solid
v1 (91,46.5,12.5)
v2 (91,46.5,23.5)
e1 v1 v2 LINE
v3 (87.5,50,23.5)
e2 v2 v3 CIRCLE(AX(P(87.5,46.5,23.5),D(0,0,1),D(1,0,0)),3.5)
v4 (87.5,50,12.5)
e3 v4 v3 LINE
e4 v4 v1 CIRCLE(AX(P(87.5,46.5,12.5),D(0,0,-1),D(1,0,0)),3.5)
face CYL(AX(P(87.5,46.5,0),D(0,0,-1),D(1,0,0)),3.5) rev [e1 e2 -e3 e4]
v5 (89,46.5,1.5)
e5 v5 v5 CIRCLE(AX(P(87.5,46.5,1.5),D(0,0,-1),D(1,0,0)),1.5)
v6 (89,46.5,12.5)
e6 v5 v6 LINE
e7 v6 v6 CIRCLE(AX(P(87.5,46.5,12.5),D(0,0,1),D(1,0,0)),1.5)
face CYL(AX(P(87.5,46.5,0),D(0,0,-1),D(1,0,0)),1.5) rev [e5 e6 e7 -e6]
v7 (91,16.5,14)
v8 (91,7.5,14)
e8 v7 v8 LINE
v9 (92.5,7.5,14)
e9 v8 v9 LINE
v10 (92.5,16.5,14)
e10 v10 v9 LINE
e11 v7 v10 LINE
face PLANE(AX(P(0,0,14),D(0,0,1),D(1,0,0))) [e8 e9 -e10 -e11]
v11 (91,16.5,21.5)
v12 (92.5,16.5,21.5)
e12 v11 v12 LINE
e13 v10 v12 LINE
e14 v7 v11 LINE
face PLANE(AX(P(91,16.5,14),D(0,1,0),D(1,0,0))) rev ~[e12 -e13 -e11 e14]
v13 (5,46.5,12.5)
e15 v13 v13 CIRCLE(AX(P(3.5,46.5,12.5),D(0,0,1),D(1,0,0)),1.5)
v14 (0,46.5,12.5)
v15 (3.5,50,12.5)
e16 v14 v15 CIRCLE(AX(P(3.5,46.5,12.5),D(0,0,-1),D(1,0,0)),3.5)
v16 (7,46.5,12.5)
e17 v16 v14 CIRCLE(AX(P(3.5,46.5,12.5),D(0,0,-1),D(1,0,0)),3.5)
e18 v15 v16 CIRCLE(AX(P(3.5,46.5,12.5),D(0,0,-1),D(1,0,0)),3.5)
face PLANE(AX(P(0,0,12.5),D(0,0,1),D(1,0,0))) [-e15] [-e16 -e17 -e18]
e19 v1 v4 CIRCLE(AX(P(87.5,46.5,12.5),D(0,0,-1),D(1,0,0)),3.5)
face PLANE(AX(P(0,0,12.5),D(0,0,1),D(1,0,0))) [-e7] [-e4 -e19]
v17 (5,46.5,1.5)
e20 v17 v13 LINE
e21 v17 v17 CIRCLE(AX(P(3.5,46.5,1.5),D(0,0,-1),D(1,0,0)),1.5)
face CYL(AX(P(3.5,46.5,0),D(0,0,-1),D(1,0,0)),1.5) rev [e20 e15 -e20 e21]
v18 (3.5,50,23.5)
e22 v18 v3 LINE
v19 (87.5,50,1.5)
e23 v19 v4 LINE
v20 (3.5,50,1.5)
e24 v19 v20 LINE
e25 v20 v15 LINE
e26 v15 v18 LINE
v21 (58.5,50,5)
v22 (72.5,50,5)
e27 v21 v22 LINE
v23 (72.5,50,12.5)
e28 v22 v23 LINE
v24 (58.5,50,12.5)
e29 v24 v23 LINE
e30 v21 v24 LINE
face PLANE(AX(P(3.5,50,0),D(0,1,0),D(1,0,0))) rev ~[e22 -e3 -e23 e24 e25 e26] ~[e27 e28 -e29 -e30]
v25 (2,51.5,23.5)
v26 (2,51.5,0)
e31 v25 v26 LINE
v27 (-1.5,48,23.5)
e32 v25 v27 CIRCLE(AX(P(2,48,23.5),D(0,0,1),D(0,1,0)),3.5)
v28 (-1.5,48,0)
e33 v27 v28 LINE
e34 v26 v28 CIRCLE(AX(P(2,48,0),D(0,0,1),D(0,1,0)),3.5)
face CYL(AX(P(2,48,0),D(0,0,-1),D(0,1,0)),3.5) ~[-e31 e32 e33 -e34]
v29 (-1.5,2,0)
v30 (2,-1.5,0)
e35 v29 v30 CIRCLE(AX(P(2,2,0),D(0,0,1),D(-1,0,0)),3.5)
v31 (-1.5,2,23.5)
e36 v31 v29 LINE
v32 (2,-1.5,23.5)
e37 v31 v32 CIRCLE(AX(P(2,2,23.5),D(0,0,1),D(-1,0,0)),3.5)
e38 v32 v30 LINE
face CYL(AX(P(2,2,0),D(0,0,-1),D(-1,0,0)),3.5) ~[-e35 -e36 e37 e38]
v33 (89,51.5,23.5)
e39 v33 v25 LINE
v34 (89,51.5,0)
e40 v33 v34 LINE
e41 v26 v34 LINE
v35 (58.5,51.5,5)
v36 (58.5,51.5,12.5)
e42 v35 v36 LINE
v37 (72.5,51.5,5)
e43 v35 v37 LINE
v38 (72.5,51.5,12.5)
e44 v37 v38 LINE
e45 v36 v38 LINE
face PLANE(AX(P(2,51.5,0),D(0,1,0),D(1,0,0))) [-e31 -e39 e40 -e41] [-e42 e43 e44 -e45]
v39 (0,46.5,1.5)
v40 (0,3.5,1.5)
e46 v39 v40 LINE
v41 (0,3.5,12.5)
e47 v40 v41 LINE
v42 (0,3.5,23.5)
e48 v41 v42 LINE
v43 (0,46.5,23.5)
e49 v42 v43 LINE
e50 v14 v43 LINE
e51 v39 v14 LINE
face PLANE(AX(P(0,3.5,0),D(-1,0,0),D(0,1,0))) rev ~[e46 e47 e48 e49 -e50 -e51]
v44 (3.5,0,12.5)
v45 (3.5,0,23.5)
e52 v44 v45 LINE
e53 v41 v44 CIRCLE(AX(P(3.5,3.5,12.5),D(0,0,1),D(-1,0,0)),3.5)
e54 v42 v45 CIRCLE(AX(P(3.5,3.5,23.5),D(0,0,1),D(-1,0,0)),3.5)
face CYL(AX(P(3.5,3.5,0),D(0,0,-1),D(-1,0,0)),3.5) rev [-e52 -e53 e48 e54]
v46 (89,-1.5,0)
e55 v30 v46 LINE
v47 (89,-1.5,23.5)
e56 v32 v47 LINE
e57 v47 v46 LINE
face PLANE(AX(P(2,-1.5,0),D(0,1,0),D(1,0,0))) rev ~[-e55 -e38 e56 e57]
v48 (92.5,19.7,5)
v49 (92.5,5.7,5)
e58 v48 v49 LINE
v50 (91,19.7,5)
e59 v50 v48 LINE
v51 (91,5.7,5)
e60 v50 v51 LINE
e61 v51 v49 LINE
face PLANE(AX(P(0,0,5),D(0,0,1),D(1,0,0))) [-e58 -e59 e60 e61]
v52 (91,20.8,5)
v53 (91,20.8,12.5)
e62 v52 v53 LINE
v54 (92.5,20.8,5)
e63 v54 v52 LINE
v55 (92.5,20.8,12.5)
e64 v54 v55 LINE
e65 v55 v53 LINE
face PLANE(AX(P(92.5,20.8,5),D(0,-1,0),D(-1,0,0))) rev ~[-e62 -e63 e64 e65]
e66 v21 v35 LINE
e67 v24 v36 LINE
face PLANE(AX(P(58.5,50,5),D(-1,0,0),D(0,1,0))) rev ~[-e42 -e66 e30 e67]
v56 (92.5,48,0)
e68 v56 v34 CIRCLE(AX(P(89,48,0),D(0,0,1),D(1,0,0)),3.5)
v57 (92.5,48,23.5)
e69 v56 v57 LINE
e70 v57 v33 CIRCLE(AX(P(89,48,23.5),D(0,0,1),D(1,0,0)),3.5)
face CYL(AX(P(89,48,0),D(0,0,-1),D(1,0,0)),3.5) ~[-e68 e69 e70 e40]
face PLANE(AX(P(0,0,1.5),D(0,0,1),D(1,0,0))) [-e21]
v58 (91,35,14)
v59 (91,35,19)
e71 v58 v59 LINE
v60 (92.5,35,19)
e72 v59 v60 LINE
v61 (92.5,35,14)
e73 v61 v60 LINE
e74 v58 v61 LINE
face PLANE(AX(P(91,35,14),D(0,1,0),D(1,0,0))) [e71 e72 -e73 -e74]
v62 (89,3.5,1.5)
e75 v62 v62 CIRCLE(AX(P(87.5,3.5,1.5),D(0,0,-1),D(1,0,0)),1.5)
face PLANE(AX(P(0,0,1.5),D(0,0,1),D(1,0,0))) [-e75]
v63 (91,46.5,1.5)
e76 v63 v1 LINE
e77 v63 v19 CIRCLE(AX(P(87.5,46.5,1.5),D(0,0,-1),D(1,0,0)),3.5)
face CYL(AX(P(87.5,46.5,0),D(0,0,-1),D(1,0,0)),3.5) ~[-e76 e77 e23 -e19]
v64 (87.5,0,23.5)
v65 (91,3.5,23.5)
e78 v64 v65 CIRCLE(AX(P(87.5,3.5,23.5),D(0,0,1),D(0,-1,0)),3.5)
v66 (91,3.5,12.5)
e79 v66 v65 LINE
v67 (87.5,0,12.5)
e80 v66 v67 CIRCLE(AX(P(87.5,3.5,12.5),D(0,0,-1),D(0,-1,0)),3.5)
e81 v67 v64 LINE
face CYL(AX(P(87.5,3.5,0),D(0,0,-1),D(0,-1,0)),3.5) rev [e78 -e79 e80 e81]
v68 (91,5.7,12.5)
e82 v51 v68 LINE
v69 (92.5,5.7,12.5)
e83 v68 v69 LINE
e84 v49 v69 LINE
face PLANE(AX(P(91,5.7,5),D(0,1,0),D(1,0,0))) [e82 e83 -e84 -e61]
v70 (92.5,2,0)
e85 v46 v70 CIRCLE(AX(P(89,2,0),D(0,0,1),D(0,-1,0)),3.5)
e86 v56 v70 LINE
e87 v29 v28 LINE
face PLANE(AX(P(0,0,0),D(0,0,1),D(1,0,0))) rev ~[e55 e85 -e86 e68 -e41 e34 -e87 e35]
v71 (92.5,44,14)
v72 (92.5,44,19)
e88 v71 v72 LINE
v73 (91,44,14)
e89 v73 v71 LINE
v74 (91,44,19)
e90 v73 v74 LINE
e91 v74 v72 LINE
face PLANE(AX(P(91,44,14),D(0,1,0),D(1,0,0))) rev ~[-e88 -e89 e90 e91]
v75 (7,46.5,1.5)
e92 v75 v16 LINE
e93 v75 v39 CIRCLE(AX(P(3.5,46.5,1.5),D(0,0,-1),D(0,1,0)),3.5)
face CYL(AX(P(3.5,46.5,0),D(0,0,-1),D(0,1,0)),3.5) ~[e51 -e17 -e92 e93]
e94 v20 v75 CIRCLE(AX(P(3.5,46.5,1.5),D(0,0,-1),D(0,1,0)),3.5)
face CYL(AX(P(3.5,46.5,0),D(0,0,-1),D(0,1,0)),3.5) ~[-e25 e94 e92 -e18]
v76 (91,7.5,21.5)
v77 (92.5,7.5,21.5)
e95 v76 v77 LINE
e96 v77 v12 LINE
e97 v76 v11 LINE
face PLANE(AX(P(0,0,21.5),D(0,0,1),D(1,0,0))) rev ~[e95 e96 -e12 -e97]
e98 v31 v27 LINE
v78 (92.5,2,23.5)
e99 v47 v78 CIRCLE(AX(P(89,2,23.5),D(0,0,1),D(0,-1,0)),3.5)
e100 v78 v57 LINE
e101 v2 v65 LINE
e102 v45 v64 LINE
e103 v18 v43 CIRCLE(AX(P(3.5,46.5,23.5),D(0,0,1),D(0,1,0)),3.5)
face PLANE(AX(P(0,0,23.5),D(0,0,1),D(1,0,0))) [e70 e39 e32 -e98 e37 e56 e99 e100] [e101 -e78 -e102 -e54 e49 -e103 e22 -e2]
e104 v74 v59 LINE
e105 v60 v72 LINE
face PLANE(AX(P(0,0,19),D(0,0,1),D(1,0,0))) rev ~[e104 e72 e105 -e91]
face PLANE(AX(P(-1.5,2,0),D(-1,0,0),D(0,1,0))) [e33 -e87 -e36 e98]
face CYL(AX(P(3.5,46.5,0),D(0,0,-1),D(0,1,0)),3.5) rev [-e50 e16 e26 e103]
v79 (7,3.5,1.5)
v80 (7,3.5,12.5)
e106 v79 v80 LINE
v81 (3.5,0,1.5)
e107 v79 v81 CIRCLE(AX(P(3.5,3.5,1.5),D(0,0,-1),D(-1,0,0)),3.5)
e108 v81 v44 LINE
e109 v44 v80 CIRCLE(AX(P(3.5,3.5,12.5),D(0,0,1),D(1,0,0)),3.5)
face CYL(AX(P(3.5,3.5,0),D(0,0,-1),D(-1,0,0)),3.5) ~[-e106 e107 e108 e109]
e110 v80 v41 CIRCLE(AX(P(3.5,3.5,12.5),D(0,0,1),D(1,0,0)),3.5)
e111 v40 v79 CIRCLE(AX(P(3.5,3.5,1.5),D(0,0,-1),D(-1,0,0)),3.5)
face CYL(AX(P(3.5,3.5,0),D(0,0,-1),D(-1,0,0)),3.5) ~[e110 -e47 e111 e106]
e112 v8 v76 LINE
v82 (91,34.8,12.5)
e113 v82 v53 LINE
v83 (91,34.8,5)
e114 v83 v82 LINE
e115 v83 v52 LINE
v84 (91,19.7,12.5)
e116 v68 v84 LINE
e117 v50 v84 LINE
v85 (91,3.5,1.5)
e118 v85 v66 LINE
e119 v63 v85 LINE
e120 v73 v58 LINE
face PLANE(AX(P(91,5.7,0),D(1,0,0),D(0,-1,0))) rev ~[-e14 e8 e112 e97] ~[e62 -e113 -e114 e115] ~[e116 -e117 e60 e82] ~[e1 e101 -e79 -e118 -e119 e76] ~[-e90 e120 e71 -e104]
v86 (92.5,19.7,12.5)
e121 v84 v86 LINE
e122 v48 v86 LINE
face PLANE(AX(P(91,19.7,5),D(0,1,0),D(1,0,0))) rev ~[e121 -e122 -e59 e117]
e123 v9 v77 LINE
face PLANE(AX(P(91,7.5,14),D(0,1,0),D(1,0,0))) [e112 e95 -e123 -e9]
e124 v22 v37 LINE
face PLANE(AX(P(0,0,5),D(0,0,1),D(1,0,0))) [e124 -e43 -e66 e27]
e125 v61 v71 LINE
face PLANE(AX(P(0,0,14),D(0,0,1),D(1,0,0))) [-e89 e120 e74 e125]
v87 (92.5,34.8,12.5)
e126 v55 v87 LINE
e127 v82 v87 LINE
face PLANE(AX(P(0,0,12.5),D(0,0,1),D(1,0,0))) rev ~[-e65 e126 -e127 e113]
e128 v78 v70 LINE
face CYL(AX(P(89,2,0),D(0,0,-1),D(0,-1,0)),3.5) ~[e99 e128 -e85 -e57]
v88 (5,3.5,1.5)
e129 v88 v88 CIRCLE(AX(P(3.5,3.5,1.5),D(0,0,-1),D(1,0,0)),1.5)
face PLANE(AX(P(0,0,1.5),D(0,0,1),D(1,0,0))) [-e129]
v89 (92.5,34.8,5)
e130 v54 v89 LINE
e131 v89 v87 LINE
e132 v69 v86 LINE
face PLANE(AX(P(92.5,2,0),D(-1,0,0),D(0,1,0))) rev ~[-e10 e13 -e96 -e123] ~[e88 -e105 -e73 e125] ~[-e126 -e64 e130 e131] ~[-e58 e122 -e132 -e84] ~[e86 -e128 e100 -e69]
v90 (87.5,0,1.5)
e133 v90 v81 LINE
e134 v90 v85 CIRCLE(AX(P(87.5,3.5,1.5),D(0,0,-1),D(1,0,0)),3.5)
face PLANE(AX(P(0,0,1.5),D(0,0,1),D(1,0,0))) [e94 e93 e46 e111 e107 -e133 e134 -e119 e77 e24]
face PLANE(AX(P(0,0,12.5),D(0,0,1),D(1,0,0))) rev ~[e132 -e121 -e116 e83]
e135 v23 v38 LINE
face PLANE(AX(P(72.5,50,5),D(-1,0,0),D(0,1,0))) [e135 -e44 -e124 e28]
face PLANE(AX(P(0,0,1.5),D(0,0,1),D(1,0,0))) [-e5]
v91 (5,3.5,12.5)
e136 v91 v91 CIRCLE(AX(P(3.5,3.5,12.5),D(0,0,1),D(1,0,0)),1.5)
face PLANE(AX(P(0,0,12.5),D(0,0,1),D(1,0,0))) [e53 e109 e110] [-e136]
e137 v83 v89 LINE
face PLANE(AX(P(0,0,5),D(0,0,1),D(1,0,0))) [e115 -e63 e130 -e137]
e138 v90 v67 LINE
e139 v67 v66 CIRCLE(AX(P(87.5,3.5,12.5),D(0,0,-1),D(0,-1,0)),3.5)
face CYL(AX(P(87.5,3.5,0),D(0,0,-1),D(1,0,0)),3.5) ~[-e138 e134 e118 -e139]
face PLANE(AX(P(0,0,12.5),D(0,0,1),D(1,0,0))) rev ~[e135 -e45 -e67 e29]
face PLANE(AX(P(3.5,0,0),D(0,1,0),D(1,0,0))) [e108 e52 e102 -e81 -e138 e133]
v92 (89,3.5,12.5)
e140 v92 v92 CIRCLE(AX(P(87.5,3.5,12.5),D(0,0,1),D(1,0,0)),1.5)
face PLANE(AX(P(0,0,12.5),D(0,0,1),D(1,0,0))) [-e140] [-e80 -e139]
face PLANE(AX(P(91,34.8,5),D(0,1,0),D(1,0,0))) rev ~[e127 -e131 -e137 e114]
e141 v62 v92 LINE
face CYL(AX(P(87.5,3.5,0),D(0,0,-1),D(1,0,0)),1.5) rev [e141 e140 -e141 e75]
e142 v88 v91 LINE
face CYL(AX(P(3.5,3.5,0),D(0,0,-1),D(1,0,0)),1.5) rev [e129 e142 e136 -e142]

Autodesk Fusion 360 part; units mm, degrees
sketch "Sketch1" plane through (0, 0, 0) normal (0, 0, 1) x (1, 0, 0)
  line L0 (3.5, 0) -> (87.5, 0)
  line L1 (0, 3.5) -> (0, 46.5)
  line L2 (3.5, 50) -> (87.5, 50)
  line L3 (91, 46.5) -> (91, 3.5)
  line L4 (3.5, 0) -> (3.5, 50) construction
  line L5 (0, 3.5) -> (91, 3.5) construction
  circle A0 centre (3.5, 3.5) radius 1.5
  line L6 (87.5, 0) -> (87.5, 50) construction
  line L7 (0, 46.5) -> (91, 46.5) construction
  circle A1 centre (87.5, 3.5) radius 1.5
  circle A2 centre (87.5, 46.5) radius 1.5
  circle A3 centre (3.5, 46.5) radius 1.5
  arc A4 (3.5, 50) -> (0, 46.5) centre (3.5, 46.5) ccw
  arc A5 (91, 46.5) -> (87.5, 50) centre (87.5, 46.5) ccw
  arc A6 (0, 3.5) -> (3.5, 0) centre (3.5, 3.5) ccw
  arc A7 (87.5, 0) -> (91, 3.5) centre (87.5, 3.5) ccw
  circle A8 centre (3.5, 46.5) radius 3.5
  circle A9 centre (3.5, 3.5) radius 3.5
  circle A10 centre (87.5, 3.5) radius 3.5
  circle A11 centre (87.5, 46.5) radius 3.5
  line L8 (2, 51.5) -> (89, 51.5)
  line L9 (2, -1.5) -> (89, -1.5)
  line L10 (92.5, 2) -> (92.5, 48)
  line L11 (-1.5, 2) -> (-1.5, 48)
  arc A12 (92.5, 48) -> (89, 51.5) centre (89, 48) ccw
  arc A13 (2, 51.5) -> (-1.5, 48) centre (2, 48) ccw
  arc A14 (89, -1.5) -> (92.5, 2) centre (89, 2) ccw
  arc A15 (-1.5, 2) -> (2, -1.5) centre (2, 2) ccw
  line L12 (91, 7.5) -> (92.5, 7.5)
  line L13 (91, 16.5) -> (92.5, 16.5)
  line L14 (91, 44) -> (92.5, 44)
  line L15 (91, 35) -> (92.5, 35)
  line L16 (91, 12.7) -> (92.5, 12.7)
  line L17 (91, 19.7) -> (92.5, 19.7)
  line L18 (91, 5.7) -> (92.5, 5.7)
  line L19 (91, 34.8) -> (92.5, 34.8)
  line L20 (58.5, 50) -> (58.5, 51.5)
  line L21 (72.5, 50) -> (72.5, 51.5)
  line L22 (94, 20.8) -> (91, 20.8)
  point P0 (91, 0)
  point P1 (0, 50)
  point P2 (91, 50)
  dimension "d1" = 91
  dimension "d2" = 50
  dimension "d3" = 91
  dimension "d4" = 3.5
  dimension "d5" = 3.5
  dimension "d6" = 3
  dimension "d7" = 3.5
  dimension "d8" = 3.5
  dimension "d9" = 3
  dimension "d10" = 3
  dimension "d11" = 3
  dimension "d12" = 3.5
  dimension "d13" = 3.5
  dimension "d14" = 3.5
  dimension "d15" = 3.5
  dimension "d16" = 7
  dimension "d17" = 7
  dimension "d18" = 7
  dimension "d19" = 7
  dimension "d20" = 1.5
  dimension "d21" = 1.5
  dimension "d22" = 1.5
  dimension "d23" = 1.5
  dimension "d24" = 3.5
  dimension "d25" = 3.5
  dimension "d26" = 3.5
  dimension "d27" = 3.5
  dimension "d28" = 7.5
  dimension "d29" = 9
  dimension "d30" = 6
  dimension "d31" = 9
  dimension "d32" = 12.7
  dimension "d34" = 7
  dimension "d35" = 7
extrude "Extrude1" add sketch "Sketch1" along normal blind 1.5 contours L0 L1 L2 L3 A8 A9 A10 A11 | L0 L1 L2 L3 A4 A6 A7 A8 A9 A10 L8 L9 L10 L11 A13 A14 A15 L18 L20 | A6 A9 | A7 A10 | A4 A8 | L3 L10 L12 L18 | L3 L10 L12 L16 | L2 L8 L20 L21 | L3 L10 L13 L16 | L2 L3 A5 A11 L8 L10 A12 L14 L21 | L3 L10 L13 L17 | A5 A11 | L3 L10 L17 L22 | L3 L10 L19 L22 | L3 L10 L14 L15 | A0 | A1 | A2 | A3
extrude "Extrude2" add sketch "Sketch1" along normal blind 12.5 contours A6 A9 | A7 A10 | A4 A8 | A5 A11
extrude "Extrude3" add sketch "Sketch1" along normal blind 23.5 contours L0 L1 L2 L3 A4 A6 A7 A8 A9 A10 L8 L9 L10 L11 A13 A14 A15 L18 L20 | L3 L10 L12 L18 | L3 L10 L12 L16 | L2 L8 L20 L21 | L3 L10 L13 L16 | L2 L3 A5 A11 L8 L10 A12 L14 L21 | L3 L10 L13 L17 | L3 L10 L17 L22 | L3 L10 L19 L22 | L3 L10 L14 L15 | L3 L10 L15 L19
extrude "Extrude4" cut sketch "Sketch1" along normal blind 7.5 from surface at 5 contours L3 L10 L12 L18 | L3 L10 L12 L16 | L2 L8 L20 L21 | L3 L10 L13 L16 | L3 L10 L13 L17 | L3 L10 L19 L22
extrude "Extrude5" cut sketch "Sketch1" along normal blind 7.5 from surface at 14 contours L3 L10 L12 L16 | L3 L10 L13 L16
extrude "Extrude6" cut sketch "Sketch1" along normal blind 5 from surface at 14 contours L3 L10 L14 L15
